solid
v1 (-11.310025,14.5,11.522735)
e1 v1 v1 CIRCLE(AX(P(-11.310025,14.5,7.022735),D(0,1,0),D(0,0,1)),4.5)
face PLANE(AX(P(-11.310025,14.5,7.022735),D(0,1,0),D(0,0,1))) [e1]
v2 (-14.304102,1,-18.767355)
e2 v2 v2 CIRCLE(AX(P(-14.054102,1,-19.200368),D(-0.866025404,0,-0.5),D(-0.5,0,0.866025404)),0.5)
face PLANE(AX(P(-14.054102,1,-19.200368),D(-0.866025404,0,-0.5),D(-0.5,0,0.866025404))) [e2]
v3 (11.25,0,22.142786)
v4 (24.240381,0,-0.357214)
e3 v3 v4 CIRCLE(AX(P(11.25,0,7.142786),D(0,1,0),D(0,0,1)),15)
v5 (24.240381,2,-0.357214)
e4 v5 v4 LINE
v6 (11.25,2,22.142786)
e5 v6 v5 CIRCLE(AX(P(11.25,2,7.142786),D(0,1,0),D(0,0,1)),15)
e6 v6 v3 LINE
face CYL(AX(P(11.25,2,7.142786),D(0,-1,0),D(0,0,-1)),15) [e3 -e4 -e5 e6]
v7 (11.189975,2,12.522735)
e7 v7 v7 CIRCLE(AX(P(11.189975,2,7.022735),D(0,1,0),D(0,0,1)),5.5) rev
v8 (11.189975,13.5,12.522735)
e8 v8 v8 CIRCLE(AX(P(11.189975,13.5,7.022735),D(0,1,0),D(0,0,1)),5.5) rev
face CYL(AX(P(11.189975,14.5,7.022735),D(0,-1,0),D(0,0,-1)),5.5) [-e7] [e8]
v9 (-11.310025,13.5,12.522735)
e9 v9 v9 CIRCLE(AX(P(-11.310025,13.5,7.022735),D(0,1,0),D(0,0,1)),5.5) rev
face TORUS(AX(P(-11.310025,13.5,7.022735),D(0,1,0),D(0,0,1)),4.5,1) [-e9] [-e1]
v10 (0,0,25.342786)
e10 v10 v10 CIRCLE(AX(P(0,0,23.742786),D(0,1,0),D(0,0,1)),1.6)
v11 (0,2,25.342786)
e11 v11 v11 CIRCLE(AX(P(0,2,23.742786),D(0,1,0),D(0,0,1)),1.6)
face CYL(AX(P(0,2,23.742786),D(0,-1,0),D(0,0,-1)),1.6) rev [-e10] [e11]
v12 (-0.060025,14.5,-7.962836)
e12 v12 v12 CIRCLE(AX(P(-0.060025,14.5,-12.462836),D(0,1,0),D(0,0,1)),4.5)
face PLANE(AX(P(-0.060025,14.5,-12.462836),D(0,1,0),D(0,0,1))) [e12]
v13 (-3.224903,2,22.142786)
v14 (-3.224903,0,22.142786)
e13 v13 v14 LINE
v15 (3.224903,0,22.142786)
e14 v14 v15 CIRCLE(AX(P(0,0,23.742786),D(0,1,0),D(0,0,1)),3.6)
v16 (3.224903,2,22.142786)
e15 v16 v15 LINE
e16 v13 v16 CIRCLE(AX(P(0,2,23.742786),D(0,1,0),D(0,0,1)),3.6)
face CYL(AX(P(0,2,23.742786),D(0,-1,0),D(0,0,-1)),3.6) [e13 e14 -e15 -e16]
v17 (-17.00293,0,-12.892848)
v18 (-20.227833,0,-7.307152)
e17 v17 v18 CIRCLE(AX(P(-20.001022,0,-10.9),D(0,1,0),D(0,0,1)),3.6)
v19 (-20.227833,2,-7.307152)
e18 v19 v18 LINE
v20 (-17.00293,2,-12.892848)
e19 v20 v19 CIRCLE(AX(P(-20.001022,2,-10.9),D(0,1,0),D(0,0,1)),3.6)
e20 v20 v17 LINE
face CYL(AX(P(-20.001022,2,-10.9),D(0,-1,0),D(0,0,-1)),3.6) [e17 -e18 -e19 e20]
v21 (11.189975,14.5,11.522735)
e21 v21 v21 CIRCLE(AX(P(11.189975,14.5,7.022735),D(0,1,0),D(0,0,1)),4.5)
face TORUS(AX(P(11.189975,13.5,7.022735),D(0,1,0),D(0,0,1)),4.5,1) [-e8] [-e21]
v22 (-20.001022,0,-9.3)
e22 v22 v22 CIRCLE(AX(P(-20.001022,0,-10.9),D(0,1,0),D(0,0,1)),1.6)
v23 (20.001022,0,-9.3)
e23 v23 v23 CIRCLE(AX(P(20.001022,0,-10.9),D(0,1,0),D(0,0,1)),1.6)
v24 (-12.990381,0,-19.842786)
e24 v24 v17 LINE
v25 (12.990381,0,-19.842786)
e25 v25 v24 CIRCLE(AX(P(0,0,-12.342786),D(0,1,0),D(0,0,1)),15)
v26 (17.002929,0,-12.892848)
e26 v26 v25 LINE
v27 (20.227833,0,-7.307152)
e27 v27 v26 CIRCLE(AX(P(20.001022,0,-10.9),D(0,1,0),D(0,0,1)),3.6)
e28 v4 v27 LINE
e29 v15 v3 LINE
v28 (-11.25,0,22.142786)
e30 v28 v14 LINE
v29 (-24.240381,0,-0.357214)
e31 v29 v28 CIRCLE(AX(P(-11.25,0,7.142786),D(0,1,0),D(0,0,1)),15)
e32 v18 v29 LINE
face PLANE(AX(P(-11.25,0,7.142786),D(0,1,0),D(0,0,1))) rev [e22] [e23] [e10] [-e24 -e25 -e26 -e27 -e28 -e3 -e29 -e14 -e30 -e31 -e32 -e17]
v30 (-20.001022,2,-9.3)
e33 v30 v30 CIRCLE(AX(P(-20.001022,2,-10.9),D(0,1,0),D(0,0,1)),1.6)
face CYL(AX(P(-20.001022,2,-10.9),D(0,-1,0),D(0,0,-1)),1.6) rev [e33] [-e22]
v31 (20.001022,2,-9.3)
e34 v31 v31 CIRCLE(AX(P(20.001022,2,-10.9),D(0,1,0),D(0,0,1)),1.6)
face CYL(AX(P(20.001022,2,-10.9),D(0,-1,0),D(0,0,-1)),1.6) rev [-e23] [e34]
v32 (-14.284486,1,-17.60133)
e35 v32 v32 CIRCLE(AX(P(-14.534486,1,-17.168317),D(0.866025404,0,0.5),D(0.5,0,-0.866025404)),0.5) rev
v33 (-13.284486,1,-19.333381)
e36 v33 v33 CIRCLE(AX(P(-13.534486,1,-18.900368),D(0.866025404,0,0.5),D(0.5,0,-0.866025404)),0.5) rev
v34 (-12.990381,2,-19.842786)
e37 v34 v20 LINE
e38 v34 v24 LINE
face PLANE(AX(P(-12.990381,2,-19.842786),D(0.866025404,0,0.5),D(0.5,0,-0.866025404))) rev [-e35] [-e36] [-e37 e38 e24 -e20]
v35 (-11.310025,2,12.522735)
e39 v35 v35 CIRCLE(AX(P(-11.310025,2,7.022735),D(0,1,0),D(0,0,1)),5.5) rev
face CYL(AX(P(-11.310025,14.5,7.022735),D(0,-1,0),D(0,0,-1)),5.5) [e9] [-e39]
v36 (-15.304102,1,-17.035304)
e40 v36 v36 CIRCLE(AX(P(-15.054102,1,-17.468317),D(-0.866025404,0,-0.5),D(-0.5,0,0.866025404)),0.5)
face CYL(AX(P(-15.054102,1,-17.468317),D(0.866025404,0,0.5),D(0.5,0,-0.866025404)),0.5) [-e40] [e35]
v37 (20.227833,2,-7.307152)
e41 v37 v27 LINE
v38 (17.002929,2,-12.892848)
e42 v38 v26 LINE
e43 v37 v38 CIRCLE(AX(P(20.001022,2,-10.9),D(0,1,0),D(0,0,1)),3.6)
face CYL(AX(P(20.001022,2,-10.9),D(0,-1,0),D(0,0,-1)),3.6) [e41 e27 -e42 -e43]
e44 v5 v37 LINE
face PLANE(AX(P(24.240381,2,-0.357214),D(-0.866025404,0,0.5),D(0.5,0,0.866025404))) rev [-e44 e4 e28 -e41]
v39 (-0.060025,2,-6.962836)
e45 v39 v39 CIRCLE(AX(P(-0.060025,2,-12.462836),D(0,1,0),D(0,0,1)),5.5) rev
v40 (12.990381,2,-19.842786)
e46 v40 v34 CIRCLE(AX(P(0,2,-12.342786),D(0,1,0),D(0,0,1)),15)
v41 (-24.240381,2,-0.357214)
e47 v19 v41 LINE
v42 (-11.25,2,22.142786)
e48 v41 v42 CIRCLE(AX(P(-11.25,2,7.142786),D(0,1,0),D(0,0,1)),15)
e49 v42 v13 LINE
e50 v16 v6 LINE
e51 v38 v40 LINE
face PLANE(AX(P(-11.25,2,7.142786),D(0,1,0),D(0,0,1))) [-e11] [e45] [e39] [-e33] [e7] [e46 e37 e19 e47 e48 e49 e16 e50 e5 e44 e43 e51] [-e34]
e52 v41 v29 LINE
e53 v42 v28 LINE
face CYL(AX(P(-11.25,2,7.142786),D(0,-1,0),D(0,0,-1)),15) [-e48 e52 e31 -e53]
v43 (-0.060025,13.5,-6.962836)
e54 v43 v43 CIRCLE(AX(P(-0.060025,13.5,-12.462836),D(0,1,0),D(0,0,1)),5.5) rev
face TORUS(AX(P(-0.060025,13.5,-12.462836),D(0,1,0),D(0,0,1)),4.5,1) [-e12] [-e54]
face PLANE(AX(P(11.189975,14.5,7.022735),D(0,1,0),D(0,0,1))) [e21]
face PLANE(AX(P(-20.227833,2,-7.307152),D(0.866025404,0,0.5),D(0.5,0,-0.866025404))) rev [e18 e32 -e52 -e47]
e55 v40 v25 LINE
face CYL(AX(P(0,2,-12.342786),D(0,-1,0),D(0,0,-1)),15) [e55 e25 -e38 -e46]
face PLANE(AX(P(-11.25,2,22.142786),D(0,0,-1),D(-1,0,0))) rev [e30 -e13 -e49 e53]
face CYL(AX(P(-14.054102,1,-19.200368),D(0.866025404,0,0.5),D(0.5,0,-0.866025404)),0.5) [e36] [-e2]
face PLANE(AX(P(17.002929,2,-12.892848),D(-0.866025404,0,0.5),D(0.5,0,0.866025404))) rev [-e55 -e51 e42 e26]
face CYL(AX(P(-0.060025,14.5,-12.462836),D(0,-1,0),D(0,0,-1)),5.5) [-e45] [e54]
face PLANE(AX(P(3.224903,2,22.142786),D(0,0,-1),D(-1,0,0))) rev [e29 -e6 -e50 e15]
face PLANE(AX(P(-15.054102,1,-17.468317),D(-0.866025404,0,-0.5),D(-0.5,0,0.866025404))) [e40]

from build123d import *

# Parameters (mm, degrees)
SKETCH5_R           = 1.6
BOSS_EXTRUDE2_DEPTH = 2
SKETCH6_R           = 5.5
BOSS_EXTRUDE3_DEPTH = 14.5
FILLET1_R           = 1
SKETCH7_R           = 0.5
BOSS_EXTRUDE4_DEPTH = 0.6


with BuildPart() as part:
    # Sketch5 → Boss-Extrude2 (new body)
    with BuildSketch(Plane(origin=(0, 0, 0), x_dir=(1, 0, 0), z_dir=(0, 1, 0))):
        with BuildLine():
            Line((-11.250000051, -22.142785594), (-3.22490315, -22.142785594))
            ThreePointArc((-3.22490315, -22.142785594), (-5.1e-08, -27.342785594), (3.224903048, -22.142785594))
            Line((3.224903048, -22.142785594), (11.249999949, -22.142785594))
            ThreePointArc((11.249999949, -22.142785594), (24.240381006, -14.642785594), (24.240381006, 0.357214406))
            Line((24.240381006, 0.357214406), (20.227832555, 7.30715219))
            ThreePointArc((20.227832555, 7.30715219), (23.118713105, 12.700000199), (17.002929456, 12.892848208))
            Line((17.002929456, 12.892848208), (12.990381006, 19.842785992))
            ThreePointArc((12.990381006, 19.842785992), (-5.1e-08, 27.342785992), (-12.990381108, 19.842785992))
            Line((-12.990381108, 19.842785992), (-17.002929558, 12.892848208))
            ThreePointArc((-17.002929558, 12.892848208), (-23.118713208, 12.700000199), (-20.227832658, 7.30715219))
            Line((-20.227832658, 7.30715219), (-24.240381108, 0.357214406))
            ThreePointArc((-24.240381108, 0.357214406), (-24.240381108, -14.642785594), (-11.250000051, -22.142785594))
        make_face()
        with Locations((20.001021652, 10.900000199)):
            Circle(SKETCH5_R, mode=Mode.SUBTRACT)
        with Locations((-5.1e-08, -23.742785594)):
            Circle(SKETCH5_R, mode=Mode.SUBTRACT)
        with Locations((-20.001021754, 10.900000199)):
            Circle(SKETCH5_R, mode=Mode.SUBTRACT)
    extrude(amount=BOSS_EXTRUDE2_DEPTH)

    # Sketch6 → Boss-Extrude3 (add)
    with BuildSketch(Plane(origin=(0, 0, 0), x_dir=(1, 0, 0), z_dir=(0, 1, 0))):
        with Locations((-0.060025126, 12.462836141)):
            Circle(SKETCH6_R)
        with Locations((11.189974874, -7.022735444)):
            Circle(SKETCH6_R)
        with Locations((-11.310025126, -7.022735444)):
            Circle(SKETCH6_R)
    extrude(amount=BOSS_EXTRUDE3_DEPTH)

    # Fillet1
    fillet1_edges = [part.edges().sort_by_distance(p)[0] for p in [
        (-5.560025126, 14.5, -12.462836141),
        (5.689974874, 14.5, 7.022735444),
        (-16.810025126, 14.5, 7.022735444),
    ]]
    fillet(fillet1_edges, radius=FILLET1_R)

    # Sketch7 → Boss-Extrude4 (add)
    with BuildSketch(Plane(origin=(-18.334964206, 0, -10.58569652), x_dir=(-0.5, 0, 0.866025404), z_dir=(-0.866025404, 0, -0.5))):
        with Locations((-9.600955549, 1)):
            Circle(SKETCH7_R)
        with Locations((-7.600955549, 1)):
            Circle(SKETCH7_R)
    extrude(amount=BOSS_EXTRUDE4_DEPTH)


solid = part.part
